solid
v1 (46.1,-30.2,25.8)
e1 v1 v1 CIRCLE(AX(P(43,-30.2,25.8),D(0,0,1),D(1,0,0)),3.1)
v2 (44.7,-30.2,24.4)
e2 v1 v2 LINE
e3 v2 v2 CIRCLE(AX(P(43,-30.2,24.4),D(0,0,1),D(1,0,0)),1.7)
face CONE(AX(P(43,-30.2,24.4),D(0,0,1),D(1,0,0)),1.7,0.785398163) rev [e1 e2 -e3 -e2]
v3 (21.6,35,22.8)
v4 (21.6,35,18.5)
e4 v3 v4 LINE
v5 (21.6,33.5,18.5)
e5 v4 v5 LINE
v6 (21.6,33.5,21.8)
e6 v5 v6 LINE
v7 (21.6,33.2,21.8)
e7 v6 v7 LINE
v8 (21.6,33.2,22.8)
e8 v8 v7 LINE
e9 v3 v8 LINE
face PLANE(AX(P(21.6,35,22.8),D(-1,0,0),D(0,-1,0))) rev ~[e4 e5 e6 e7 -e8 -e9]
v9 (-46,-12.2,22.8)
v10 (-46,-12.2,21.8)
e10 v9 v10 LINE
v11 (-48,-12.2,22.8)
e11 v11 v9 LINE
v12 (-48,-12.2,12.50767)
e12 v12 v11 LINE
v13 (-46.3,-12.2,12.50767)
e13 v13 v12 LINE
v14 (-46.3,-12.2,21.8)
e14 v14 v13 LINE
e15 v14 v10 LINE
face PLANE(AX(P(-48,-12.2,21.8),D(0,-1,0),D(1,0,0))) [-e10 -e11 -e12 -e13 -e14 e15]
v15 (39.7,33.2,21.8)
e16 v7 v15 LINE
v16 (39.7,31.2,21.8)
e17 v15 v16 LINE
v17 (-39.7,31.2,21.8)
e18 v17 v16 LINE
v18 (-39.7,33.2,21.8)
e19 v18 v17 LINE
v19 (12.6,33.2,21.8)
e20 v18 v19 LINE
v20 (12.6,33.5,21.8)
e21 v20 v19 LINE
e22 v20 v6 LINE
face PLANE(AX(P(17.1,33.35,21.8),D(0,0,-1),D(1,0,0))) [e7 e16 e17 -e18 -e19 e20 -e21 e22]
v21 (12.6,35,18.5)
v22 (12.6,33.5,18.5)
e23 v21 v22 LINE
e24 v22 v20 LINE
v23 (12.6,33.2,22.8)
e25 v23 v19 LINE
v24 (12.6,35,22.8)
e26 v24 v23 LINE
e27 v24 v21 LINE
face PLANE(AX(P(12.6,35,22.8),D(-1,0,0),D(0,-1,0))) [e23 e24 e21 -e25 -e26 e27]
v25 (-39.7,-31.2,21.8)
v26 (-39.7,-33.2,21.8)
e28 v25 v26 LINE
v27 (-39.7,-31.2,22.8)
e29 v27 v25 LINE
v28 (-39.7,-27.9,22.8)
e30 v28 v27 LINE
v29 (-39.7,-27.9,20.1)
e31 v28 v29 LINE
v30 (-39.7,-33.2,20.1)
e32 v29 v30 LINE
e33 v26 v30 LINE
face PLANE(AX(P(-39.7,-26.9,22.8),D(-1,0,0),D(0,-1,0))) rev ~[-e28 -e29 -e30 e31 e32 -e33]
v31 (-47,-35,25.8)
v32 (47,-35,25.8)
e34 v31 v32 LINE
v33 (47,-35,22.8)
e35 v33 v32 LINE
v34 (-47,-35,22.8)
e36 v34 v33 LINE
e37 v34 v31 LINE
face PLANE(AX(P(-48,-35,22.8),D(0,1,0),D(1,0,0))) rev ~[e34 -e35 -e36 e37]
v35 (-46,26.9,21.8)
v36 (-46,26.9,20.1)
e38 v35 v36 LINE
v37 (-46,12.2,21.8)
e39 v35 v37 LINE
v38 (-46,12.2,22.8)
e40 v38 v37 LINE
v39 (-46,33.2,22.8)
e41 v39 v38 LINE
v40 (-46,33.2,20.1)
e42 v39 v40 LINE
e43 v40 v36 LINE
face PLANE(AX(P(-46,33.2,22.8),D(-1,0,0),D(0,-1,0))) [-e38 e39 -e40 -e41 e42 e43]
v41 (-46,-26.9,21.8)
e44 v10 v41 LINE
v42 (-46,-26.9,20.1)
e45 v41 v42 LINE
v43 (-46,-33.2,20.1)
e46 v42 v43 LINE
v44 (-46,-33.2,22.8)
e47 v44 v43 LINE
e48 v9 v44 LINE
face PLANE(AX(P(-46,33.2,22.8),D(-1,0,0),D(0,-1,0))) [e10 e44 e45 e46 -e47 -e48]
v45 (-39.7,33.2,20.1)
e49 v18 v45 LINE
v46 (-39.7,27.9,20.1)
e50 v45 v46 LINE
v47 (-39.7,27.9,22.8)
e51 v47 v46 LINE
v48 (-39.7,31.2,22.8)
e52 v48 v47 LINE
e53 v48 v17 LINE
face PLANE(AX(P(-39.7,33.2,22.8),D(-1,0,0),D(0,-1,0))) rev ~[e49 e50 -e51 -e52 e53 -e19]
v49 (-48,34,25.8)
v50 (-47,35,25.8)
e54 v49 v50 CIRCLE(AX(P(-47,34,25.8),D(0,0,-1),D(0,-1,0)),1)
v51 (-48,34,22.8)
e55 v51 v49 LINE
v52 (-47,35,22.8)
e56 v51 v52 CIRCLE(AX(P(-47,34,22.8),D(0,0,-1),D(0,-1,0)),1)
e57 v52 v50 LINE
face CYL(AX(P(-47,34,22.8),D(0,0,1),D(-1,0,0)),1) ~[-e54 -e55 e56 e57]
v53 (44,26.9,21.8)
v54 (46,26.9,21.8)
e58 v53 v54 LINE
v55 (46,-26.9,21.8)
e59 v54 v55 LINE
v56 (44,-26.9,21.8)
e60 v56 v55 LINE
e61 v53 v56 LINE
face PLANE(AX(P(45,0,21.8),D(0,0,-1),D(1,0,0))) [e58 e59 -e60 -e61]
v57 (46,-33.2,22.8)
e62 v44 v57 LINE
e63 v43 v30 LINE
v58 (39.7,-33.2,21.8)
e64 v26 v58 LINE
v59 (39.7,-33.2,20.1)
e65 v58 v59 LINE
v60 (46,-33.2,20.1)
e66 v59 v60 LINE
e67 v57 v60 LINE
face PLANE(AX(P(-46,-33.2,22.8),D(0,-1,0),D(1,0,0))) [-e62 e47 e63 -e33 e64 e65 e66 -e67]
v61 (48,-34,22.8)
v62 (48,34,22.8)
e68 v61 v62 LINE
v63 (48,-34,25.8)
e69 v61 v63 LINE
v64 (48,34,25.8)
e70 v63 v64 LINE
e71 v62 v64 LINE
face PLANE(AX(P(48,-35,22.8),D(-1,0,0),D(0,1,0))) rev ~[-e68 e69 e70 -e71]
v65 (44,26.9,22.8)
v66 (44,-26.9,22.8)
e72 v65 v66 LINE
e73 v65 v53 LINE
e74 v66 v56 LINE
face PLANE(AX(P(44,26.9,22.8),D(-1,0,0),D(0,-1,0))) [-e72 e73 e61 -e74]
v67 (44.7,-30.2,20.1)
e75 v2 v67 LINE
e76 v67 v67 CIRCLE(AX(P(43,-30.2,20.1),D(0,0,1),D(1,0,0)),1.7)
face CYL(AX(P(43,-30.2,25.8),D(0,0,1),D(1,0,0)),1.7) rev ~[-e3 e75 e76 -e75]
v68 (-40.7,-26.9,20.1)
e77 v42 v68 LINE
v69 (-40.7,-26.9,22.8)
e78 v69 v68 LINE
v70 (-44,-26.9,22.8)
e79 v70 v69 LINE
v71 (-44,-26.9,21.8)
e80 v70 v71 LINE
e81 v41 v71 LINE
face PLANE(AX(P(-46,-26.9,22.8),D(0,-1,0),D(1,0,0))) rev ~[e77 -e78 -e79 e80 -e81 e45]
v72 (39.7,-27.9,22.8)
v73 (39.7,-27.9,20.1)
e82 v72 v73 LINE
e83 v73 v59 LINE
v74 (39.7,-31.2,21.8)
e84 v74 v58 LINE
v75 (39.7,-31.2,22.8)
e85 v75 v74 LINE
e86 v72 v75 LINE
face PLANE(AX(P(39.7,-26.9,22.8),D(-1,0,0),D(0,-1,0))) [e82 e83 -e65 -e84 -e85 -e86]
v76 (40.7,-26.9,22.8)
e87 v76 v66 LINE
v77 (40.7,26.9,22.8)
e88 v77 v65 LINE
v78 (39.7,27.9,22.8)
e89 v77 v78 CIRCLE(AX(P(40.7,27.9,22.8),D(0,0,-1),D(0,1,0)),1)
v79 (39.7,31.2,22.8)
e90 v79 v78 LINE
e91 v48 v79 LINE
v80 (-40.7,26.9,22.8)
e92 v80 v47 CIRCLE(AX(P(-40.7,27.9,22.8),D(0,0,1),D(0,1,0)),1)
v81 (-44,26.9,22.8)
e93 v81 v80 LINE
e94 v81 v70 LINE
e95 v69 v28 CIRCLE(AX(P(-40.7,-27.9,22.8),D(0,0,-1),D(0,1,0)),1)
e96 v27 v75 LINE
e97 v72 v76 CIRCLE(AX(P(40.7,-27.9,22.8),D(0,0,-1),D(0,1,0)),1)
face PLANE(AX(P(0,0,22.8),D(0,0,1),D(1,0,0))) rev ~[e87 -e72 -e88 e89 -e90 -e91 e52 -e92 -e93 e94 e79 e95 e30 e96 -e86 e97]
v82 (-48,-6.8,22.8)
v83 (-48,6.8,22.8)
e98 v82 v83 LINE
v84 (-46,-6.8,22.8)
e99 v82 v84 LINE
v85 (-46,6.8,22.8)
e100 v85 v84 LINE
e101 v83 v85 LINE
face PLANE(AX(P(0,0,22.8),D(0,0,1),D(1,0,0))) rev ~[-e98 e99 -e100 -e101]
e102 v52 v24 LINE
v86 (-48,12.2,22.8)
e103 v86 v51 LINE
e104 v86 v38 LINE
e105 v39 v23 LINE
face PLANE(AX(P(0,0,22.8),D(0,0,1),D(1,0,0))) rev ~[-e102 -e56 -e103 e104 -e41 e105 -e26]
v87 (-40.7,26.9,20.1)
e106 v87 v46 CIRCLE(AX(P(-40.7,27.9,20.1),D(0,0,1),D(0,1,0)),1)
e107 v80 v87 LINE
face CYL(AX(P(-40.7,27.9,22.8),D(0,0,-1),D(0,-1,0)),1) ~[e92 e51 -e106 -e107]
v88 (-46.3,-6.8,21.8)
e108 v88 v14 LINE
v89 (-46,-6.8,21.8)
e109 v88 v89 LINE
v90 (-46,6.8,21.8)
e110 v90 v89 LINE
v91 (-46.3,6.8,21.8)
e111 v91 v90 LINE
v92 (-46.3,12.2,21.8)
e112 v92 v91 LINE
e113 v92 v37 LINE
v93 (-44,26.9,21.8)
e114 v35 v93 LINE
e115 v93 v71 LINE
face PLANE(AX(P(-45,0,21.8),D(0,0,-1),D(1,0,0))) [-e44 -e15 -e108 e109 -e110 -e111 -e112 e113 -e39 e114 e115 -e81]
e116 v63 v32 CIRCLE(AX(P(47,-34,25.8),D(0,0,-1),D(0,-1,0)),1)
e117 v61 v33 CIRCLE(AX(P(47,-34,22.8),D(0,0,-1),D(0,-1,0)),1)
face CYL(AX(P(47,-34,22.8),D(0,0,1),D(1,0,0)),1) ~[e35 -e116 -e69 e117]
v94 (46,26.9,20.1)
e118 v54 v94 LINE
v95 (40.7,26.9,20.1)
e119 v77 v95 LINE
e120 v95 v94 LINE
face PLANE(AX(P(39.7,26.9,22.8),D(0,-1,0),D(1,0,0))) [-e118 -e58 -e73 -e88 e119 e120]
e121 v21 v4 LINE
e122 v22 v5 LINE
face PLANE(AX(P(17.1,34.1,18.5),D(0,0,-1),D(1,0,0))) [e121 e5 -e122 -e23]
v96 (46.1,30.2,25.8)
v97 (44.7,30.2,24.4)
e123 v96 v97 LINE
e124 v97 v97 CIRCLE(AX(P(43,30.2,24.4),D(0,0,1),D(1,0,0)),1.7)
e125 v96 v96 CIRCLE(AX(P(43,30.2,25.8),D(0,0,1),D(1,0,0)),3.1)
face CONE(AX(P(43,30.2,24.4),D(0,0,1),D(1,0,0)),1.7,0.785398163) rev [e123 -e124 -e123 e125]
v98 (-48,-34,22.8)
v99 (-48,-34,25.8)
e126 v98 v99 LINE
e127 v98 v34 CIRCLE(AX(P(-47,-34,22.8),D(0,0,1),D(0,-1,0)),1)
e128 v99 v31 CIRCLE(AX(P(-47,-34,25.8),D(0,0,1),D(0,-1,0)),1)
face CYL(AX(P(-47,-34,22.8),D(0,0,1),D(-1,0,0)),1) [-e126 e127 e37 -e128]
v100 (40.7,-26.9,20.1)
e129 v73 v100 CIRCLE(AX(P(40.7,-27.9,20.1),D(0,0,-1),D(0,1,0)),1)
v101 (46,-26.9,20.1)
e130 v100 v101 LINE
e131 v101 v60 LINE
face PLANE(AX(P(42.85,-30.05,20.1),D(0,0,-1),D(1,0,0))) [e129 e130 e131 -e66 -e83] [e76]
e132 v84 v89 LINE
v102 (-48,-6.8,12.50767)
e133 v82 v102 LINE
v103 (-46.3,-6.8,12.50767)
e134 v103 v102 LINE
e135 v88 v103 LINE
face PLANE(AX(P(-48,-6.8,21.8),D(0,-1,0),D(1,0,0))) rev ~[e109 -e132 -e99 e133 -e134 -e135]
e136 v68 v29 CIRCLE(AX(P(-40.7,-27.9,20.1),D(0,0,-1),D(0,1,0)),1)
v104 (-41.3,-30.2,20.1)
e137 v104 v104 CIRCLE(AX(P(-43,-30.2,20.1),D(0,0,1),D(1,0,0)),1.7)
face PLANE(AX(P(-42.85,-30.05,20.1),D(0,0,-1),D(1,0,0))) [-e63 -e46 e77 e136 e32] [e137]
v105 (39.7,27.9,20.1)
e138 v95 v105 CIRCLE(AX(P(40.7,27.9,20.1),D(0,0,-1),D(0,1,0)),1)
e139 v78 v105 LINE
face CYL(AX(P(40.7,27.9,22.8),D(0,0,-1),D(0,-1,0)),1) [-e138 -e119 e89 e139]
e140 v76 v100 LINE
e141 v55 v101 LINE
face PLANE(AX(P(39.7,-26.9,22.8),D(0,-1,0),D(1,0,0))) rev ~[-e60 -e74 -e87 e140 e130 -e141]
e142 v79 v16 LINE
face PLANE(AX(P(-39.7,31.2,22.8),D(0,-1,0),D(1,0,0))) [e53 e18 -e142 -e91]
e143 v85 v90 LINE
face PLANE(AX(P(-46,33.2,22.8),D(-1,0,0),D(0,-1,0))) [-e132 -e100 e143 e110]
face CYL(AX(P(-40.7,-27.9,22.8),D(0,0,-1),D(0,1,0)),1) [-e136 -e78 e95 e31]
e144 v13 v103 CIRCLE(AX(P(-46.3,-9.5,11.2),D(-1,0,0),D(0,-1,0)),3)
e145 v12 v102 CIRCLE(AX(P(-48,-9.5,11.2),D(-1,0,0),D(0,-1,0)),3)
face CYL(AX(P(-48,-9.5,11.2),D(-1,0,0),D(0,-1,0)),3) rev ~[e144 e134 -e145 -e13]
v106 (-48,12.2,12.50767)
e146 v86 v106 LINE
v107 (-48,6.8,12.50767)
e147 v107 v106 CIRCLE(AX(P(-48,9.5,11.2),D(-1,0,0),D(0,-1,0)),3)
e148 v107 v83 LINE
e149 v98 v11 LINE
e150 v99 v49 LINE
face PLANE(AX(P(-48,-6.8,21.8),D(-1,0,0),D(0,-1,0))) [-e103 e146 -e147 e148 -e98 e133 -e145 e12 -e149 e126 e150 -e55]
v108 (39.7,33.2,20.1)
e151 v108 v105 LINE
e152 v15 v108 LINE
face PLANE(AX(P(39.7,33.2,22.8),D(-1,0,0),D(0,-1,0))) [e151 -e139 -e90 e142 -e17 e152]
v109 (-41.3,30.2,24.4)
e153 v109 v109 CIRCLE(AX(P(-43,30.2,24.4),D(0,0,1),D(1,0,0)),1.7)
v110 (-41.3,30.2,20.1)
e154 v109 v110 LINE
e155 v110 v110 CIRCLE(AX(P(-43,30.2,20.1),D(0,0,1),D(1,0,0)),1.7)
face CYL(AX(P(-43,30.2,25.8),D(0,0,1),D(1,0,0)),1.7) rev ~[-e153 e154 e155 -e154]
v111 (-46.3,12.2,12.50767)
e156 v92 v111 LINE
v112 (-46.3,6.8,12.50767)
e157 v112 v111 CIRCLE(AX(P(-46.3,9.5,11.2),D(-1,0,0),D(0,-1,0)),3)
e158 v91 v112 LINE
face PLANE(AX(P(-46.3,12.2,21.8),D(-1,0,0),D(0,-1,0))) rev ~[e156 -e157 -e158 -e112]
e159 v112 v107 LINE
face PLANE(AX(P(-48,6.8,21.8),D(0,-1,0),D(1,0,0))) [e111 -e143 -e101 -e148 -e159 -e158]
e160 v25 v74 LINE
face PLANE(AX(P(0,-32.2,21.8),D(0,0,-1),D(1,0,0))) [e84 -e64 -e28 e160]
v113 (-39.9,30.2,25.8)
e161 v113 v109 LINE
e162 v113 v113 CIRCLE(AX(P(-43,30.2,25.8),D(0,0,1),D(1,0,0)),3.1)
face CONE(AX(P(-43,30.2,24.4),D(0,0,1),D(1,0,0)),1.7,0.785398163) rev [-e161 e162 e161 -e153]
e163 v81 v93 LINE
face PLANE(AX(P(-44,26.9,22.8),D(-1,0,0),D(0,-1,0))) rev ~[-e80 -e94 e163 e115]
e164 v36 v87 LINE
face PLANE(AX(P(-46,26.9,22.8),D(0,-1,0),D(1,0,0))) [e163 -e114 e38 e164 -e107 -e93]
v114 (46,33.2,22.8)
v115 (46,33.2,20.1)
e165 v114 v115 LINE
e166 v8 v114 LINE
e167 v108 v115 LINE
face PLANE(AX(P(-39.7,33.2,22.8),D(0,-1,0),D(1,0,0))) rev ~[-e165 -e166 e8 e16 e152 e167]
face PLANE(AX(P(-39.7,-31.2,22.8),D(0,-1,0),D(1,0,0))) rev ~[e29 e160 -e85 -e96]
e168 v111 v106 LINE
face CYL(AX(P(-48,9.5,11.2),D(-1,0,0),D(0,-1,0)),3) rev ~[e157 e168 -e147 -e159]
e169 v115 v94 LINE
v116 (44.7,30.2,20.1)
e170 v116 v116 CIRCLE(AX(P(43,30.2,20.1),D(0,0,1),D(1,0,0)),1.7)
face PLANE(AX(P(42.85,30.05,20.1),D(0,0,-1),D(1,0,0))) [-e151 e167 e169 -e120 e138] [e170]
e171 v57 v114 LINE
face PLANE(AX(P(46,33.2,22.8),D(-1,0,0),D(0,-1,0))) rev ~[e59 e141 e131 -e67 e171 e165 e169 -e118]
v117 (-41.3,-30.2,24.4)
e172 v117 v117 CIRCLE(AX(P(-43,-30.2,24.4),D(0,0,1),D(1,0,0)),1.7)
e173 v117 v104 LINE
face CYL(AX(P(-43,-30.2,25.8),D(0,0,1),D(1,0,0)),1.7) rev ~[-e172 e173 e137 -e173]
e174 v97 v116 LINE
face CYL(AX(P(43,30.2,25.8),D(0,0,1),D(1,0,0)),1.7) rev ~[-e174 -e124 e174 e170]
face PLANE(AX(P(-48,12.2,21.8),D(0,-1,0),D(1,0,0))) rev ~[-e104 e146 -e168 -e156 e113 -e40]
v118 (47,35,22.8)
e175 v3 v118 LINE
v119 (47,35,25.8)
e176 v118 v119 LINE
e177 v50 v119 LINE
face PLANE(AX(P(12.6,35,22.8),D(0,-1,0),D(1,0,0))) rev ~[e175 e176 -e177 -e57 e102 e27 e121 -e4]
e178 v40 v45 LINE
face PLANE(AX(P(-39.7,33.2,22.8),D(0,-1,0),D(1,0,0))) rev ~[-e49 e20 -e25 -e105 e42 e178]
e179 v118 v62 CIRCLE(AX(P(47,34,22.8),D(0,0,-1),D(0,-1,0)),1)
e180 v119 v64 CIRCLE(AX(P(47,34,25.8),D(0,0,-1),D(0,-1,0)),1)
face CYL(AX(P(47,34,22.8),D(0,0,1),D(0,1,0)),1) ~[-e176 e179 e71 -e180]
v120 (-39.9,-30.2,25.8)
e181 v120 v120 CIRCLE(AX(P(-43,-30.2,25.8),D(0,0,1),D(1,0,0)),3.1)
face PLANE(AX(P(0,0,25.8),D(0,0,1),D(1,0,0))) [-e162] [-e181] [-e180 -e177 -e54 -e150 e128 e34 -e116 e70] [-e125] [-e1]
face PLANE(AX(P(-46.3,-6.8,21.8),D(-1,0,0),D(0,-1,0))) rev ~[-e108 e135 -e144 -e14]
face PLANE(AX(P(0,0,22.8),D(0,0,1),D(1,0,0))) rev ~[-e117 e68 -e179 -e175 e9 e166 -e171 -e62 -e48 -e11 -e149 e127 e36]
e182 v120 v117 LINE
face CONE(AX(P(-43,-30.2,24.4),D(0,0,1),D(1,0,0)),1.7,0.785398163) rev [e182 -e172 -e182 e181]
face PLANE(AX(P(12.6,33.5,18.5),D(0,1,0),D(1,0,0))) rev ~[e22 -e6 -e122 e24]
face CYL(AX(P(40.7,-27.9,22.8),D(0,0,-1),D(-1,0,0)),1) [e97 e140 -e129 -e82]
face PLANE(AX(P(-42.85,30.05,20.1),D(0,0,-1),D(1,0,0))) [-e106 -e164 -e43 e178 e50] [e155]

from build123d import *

# Parameters (mm, degrees)
SKETCH016_W     = 96
SKETCH016_H     = 70
PAD003_DEPTH    = 3
SKETCH017_W     = 6.3
SKETCH017_H     = 6.3
PAD004_DEPTH    = 2.7
SKETCH018_R     = 1.7
POCKET013_DEPTH = 5.701
SKETCH019_W     = 79.4
SKETCH019_H     = 2
SKETCH019_W_2   = 2
SKETCH019_H_2   = 53.8
PAD005_DEPTH    = 1
SKETCH020_W     = 9
SKETCH020_H     = 1.8
PAD006_DEPTH    = 4.3
SKETCH021_W     = 9
SKETCH021_H     = 0.3
POCKET014_DEPTH = 3.3
SKETCH022_W     = 2
SKETCH022_H     = 5.4
PAD007_DEPTH    = 1
SKETCH023_W     = 1.7
SKETCH023_H     = 5.4
PAD008_DEPTH    = 10.6
SKETCH024_R     = 3
POCKET015_DEPTH = 96.001
SKETCH025_W     = 1.7
SKETCH025_H     = 5.4
PAD009_DEPTH    = 10.6
SKETCH026_R     = 3
POCKET016_DEPTH = 96.001
FILLET004_R     = 1
FILLET005_R     = 1
CHAMFER001_SIZE = 1.4


with BuildPart() as part:
    # Sketch016 → Pad003 (new body)
    with BuildSketch(Plane.XY.offset(22.8)):
        Rectangle(SKETCH016_W, SKETCH016_H)
    extrude(amount=PAD003_DEPTH)

    # Sketch017 (on Face5 of Pad003) → Pad004 (join)
    with BuildSketch(Plane(origin=(0, 0, 22.8), x_dir=(1, 0, 0), z_dir=(0, 0, -1))):
        with Locations((-42.85, 30.05)):
            Rectangle(SKETCH017_W, SKETCH017_H)
        with Locations((42.85, 30.05)):
            Rectangle(SKETCH017_W, SKETCH017_H)
        with Locations((42.85, -30.05)):
            Rectangle(SKETCH017_W, SKETCH017_H)
        with Locations((-42.85, -30.05)):
            Rectangle(SKETCH017_W, SKETCH017_H)
    extrude(amount=PAD004_DEPTH)

    # Sketch018 (on Face5 of Pad004) → Pocket013 (cut, through all)
    with BuildSketch(Plane.XY.offset(25.8)):
        with Locations((-43, 30.2)):
            Circle(SKETCH018_R)
        with Locations((43, 30.2)):
            Circle(SKETCH018_R)
        with Locations((43, -30.2)):
            Circle(SKETCH018_R)
        with Locations((-43, -30.2)):
            Circle(SKETCH018_R)
    extrude(amount=-POCKET013_DEPTH, mode=Mode.SUBTRACT)

    # Sketch019 (on Face4 of Pocket013) → Pad005 (join)
    with BuildSketch(Plane(origin=(0, 0, 22.8), x_dir=(1, 0, 0), z_dir=(0, 0, -1))):
        with Locations((0, -32.2)):
            Rectangle(SKETCH019_W, SKETCH019_H)
        with Locations((-45, 0)):
            Rectangle(SKETCH019_W_2, SKETCH019_H_2)
        with Locations((0, 32.2)):
            Rectangle(SKETCH019_W, SKETCH019_H)
        with Locations((45, 0)):
            Rectangle(SKETCH019_W_2, SKETCH019_H_2)
    extrude(amount=PAD005_DEPTH)

    # Sketch020 (on Face4 of Pad005) → Pad006 (join)
    with BuildSketch(Plane(origin=(0, 0, 22.8), x_dir=(1, 0, 0), z_dir=(0, 0, -1))):
        with Locations((17.1, -34.1)):
            Rectangle(SKETCH020_W, SKETCH020_H)
    extrude(amount=PAD006_DEPTH)

    # Sketch021 (on Face23 of Pad006) → Pocket014 (cut)
    with BuildSketch(Plane(origin=(0, 0, 18.5), x_dir=(1, 0, 0), z_dir=(0, 0, -1))):
        with Locations((17.1, -33.35)):
            Rectangle(SKETCH021_W, SKETCH021_H)
    extrude(amount=-POCKET014_DEPTH, mode=Mode.SUBTRACT)

    # Sketch022 (on Face4 of Pocket014) → Pad007 (join)
    with BuildSketch(Plane(origin=(0, 0, 22.8), x_dir=(1, 0, 0), z_dir=(0, 0, -1))):
        with Locations((-47, 9.5)):
            Rectangle(SKETCH022_W, SKETCH022_H)
        with Locations((-47, -9.5)):
            Rectangle(SKETCH022_W, SKETCH022_H)
    extrude(amount=PAD007_DEPTH)

    # Sketch023 (on Face39 of Pad007) → Pad008 (join)
    with BuildSketch(Plane(origin=(0, 0, 21.8), x_dir=(1, 0, 0), z_dir=(0, 0, -1))):
        with Locations((-47.15, -9.5)):
            Rectangle(SKETCH023_W, SKETCH023_H)
    extrude(amount=PAD008_DEPTH)

    # Sketch024 (on Face39 of Pad008) → Pocket015 (cut, through all)
    with BuildSketch(Plane(origin=(-48, 0, 0), x_dir=(0, -1, 0), z_dir=(-1, 0, 0))):
        with Locations((-9.5, 11.2)):
            Circle(SKETCH024_R)
    extrude(amount=-POCKET015_DEPTH, mode=Mode.SUBTRACT)

    # Sketch025 (on Face36 of Pocket015) → Pad009 (join)
    with BuildSketch(Plane(origin=(0, 0, 21.8), x_dir=(1, 0, 0), z_dir=(0, 0, -1))):
        with Locations((-47.15, 9.5)):
            Rectangle(SKETCH025_W, SKETCH025_H)
    extrude(amount=PAD009_DEPTH)

    # Sketch026 (on Face36 of Pad009) → Pocket016 (cut, through all)
    with BuildSketch(Plane(origin=(-48, 0, 0), x_dir=(0, -1, 0), z_dir=(-1, 0, 0))):
        with Locations((9.5, 11.2)):
            Circle(SKETCH026_R)
    extrude(amount=-POCKET016_DEPTH, mode=Mode.SUBTRACT)

    # Fillet004
    fillet004_edges = [part.edges().sort_by_distance(p)[0] for p in [
        (-39.7, -26.9, 21.45),
        (39.7, -26.9, 21.45),
        (39.7, 26.9, 21.45),
        (-39.7, 26.9, 21.45),
    ]]
    fillet(fillet004_edges, radius=FILLET004_R)

    # Fillet005
    fillet005_edges = [part.edges().sort_by_distance(p)[0] for p in [
        (-48, 35, 24.3),
        (-48, -35, 24.3),
        (48, -35, 24.3),
        (48, 35, 24.3),
    ]]
    fillet(fillet005_edges, radius=FILLET005_R)

    # Chamfer001
    chamfer001_edges = [part.edges().sort_by_distance(p)[0] for p in [
        (41.3, -30.2, 25.8),
        (-44.7, -30.2, 25.8),
        (41.3, 30.2, 25.8),
        (-44.7, 30.2, 25.8),
    ]]
    chamfer(chamfer001_edges, length=CHAMFER001_SIZE)


solid = part.part
